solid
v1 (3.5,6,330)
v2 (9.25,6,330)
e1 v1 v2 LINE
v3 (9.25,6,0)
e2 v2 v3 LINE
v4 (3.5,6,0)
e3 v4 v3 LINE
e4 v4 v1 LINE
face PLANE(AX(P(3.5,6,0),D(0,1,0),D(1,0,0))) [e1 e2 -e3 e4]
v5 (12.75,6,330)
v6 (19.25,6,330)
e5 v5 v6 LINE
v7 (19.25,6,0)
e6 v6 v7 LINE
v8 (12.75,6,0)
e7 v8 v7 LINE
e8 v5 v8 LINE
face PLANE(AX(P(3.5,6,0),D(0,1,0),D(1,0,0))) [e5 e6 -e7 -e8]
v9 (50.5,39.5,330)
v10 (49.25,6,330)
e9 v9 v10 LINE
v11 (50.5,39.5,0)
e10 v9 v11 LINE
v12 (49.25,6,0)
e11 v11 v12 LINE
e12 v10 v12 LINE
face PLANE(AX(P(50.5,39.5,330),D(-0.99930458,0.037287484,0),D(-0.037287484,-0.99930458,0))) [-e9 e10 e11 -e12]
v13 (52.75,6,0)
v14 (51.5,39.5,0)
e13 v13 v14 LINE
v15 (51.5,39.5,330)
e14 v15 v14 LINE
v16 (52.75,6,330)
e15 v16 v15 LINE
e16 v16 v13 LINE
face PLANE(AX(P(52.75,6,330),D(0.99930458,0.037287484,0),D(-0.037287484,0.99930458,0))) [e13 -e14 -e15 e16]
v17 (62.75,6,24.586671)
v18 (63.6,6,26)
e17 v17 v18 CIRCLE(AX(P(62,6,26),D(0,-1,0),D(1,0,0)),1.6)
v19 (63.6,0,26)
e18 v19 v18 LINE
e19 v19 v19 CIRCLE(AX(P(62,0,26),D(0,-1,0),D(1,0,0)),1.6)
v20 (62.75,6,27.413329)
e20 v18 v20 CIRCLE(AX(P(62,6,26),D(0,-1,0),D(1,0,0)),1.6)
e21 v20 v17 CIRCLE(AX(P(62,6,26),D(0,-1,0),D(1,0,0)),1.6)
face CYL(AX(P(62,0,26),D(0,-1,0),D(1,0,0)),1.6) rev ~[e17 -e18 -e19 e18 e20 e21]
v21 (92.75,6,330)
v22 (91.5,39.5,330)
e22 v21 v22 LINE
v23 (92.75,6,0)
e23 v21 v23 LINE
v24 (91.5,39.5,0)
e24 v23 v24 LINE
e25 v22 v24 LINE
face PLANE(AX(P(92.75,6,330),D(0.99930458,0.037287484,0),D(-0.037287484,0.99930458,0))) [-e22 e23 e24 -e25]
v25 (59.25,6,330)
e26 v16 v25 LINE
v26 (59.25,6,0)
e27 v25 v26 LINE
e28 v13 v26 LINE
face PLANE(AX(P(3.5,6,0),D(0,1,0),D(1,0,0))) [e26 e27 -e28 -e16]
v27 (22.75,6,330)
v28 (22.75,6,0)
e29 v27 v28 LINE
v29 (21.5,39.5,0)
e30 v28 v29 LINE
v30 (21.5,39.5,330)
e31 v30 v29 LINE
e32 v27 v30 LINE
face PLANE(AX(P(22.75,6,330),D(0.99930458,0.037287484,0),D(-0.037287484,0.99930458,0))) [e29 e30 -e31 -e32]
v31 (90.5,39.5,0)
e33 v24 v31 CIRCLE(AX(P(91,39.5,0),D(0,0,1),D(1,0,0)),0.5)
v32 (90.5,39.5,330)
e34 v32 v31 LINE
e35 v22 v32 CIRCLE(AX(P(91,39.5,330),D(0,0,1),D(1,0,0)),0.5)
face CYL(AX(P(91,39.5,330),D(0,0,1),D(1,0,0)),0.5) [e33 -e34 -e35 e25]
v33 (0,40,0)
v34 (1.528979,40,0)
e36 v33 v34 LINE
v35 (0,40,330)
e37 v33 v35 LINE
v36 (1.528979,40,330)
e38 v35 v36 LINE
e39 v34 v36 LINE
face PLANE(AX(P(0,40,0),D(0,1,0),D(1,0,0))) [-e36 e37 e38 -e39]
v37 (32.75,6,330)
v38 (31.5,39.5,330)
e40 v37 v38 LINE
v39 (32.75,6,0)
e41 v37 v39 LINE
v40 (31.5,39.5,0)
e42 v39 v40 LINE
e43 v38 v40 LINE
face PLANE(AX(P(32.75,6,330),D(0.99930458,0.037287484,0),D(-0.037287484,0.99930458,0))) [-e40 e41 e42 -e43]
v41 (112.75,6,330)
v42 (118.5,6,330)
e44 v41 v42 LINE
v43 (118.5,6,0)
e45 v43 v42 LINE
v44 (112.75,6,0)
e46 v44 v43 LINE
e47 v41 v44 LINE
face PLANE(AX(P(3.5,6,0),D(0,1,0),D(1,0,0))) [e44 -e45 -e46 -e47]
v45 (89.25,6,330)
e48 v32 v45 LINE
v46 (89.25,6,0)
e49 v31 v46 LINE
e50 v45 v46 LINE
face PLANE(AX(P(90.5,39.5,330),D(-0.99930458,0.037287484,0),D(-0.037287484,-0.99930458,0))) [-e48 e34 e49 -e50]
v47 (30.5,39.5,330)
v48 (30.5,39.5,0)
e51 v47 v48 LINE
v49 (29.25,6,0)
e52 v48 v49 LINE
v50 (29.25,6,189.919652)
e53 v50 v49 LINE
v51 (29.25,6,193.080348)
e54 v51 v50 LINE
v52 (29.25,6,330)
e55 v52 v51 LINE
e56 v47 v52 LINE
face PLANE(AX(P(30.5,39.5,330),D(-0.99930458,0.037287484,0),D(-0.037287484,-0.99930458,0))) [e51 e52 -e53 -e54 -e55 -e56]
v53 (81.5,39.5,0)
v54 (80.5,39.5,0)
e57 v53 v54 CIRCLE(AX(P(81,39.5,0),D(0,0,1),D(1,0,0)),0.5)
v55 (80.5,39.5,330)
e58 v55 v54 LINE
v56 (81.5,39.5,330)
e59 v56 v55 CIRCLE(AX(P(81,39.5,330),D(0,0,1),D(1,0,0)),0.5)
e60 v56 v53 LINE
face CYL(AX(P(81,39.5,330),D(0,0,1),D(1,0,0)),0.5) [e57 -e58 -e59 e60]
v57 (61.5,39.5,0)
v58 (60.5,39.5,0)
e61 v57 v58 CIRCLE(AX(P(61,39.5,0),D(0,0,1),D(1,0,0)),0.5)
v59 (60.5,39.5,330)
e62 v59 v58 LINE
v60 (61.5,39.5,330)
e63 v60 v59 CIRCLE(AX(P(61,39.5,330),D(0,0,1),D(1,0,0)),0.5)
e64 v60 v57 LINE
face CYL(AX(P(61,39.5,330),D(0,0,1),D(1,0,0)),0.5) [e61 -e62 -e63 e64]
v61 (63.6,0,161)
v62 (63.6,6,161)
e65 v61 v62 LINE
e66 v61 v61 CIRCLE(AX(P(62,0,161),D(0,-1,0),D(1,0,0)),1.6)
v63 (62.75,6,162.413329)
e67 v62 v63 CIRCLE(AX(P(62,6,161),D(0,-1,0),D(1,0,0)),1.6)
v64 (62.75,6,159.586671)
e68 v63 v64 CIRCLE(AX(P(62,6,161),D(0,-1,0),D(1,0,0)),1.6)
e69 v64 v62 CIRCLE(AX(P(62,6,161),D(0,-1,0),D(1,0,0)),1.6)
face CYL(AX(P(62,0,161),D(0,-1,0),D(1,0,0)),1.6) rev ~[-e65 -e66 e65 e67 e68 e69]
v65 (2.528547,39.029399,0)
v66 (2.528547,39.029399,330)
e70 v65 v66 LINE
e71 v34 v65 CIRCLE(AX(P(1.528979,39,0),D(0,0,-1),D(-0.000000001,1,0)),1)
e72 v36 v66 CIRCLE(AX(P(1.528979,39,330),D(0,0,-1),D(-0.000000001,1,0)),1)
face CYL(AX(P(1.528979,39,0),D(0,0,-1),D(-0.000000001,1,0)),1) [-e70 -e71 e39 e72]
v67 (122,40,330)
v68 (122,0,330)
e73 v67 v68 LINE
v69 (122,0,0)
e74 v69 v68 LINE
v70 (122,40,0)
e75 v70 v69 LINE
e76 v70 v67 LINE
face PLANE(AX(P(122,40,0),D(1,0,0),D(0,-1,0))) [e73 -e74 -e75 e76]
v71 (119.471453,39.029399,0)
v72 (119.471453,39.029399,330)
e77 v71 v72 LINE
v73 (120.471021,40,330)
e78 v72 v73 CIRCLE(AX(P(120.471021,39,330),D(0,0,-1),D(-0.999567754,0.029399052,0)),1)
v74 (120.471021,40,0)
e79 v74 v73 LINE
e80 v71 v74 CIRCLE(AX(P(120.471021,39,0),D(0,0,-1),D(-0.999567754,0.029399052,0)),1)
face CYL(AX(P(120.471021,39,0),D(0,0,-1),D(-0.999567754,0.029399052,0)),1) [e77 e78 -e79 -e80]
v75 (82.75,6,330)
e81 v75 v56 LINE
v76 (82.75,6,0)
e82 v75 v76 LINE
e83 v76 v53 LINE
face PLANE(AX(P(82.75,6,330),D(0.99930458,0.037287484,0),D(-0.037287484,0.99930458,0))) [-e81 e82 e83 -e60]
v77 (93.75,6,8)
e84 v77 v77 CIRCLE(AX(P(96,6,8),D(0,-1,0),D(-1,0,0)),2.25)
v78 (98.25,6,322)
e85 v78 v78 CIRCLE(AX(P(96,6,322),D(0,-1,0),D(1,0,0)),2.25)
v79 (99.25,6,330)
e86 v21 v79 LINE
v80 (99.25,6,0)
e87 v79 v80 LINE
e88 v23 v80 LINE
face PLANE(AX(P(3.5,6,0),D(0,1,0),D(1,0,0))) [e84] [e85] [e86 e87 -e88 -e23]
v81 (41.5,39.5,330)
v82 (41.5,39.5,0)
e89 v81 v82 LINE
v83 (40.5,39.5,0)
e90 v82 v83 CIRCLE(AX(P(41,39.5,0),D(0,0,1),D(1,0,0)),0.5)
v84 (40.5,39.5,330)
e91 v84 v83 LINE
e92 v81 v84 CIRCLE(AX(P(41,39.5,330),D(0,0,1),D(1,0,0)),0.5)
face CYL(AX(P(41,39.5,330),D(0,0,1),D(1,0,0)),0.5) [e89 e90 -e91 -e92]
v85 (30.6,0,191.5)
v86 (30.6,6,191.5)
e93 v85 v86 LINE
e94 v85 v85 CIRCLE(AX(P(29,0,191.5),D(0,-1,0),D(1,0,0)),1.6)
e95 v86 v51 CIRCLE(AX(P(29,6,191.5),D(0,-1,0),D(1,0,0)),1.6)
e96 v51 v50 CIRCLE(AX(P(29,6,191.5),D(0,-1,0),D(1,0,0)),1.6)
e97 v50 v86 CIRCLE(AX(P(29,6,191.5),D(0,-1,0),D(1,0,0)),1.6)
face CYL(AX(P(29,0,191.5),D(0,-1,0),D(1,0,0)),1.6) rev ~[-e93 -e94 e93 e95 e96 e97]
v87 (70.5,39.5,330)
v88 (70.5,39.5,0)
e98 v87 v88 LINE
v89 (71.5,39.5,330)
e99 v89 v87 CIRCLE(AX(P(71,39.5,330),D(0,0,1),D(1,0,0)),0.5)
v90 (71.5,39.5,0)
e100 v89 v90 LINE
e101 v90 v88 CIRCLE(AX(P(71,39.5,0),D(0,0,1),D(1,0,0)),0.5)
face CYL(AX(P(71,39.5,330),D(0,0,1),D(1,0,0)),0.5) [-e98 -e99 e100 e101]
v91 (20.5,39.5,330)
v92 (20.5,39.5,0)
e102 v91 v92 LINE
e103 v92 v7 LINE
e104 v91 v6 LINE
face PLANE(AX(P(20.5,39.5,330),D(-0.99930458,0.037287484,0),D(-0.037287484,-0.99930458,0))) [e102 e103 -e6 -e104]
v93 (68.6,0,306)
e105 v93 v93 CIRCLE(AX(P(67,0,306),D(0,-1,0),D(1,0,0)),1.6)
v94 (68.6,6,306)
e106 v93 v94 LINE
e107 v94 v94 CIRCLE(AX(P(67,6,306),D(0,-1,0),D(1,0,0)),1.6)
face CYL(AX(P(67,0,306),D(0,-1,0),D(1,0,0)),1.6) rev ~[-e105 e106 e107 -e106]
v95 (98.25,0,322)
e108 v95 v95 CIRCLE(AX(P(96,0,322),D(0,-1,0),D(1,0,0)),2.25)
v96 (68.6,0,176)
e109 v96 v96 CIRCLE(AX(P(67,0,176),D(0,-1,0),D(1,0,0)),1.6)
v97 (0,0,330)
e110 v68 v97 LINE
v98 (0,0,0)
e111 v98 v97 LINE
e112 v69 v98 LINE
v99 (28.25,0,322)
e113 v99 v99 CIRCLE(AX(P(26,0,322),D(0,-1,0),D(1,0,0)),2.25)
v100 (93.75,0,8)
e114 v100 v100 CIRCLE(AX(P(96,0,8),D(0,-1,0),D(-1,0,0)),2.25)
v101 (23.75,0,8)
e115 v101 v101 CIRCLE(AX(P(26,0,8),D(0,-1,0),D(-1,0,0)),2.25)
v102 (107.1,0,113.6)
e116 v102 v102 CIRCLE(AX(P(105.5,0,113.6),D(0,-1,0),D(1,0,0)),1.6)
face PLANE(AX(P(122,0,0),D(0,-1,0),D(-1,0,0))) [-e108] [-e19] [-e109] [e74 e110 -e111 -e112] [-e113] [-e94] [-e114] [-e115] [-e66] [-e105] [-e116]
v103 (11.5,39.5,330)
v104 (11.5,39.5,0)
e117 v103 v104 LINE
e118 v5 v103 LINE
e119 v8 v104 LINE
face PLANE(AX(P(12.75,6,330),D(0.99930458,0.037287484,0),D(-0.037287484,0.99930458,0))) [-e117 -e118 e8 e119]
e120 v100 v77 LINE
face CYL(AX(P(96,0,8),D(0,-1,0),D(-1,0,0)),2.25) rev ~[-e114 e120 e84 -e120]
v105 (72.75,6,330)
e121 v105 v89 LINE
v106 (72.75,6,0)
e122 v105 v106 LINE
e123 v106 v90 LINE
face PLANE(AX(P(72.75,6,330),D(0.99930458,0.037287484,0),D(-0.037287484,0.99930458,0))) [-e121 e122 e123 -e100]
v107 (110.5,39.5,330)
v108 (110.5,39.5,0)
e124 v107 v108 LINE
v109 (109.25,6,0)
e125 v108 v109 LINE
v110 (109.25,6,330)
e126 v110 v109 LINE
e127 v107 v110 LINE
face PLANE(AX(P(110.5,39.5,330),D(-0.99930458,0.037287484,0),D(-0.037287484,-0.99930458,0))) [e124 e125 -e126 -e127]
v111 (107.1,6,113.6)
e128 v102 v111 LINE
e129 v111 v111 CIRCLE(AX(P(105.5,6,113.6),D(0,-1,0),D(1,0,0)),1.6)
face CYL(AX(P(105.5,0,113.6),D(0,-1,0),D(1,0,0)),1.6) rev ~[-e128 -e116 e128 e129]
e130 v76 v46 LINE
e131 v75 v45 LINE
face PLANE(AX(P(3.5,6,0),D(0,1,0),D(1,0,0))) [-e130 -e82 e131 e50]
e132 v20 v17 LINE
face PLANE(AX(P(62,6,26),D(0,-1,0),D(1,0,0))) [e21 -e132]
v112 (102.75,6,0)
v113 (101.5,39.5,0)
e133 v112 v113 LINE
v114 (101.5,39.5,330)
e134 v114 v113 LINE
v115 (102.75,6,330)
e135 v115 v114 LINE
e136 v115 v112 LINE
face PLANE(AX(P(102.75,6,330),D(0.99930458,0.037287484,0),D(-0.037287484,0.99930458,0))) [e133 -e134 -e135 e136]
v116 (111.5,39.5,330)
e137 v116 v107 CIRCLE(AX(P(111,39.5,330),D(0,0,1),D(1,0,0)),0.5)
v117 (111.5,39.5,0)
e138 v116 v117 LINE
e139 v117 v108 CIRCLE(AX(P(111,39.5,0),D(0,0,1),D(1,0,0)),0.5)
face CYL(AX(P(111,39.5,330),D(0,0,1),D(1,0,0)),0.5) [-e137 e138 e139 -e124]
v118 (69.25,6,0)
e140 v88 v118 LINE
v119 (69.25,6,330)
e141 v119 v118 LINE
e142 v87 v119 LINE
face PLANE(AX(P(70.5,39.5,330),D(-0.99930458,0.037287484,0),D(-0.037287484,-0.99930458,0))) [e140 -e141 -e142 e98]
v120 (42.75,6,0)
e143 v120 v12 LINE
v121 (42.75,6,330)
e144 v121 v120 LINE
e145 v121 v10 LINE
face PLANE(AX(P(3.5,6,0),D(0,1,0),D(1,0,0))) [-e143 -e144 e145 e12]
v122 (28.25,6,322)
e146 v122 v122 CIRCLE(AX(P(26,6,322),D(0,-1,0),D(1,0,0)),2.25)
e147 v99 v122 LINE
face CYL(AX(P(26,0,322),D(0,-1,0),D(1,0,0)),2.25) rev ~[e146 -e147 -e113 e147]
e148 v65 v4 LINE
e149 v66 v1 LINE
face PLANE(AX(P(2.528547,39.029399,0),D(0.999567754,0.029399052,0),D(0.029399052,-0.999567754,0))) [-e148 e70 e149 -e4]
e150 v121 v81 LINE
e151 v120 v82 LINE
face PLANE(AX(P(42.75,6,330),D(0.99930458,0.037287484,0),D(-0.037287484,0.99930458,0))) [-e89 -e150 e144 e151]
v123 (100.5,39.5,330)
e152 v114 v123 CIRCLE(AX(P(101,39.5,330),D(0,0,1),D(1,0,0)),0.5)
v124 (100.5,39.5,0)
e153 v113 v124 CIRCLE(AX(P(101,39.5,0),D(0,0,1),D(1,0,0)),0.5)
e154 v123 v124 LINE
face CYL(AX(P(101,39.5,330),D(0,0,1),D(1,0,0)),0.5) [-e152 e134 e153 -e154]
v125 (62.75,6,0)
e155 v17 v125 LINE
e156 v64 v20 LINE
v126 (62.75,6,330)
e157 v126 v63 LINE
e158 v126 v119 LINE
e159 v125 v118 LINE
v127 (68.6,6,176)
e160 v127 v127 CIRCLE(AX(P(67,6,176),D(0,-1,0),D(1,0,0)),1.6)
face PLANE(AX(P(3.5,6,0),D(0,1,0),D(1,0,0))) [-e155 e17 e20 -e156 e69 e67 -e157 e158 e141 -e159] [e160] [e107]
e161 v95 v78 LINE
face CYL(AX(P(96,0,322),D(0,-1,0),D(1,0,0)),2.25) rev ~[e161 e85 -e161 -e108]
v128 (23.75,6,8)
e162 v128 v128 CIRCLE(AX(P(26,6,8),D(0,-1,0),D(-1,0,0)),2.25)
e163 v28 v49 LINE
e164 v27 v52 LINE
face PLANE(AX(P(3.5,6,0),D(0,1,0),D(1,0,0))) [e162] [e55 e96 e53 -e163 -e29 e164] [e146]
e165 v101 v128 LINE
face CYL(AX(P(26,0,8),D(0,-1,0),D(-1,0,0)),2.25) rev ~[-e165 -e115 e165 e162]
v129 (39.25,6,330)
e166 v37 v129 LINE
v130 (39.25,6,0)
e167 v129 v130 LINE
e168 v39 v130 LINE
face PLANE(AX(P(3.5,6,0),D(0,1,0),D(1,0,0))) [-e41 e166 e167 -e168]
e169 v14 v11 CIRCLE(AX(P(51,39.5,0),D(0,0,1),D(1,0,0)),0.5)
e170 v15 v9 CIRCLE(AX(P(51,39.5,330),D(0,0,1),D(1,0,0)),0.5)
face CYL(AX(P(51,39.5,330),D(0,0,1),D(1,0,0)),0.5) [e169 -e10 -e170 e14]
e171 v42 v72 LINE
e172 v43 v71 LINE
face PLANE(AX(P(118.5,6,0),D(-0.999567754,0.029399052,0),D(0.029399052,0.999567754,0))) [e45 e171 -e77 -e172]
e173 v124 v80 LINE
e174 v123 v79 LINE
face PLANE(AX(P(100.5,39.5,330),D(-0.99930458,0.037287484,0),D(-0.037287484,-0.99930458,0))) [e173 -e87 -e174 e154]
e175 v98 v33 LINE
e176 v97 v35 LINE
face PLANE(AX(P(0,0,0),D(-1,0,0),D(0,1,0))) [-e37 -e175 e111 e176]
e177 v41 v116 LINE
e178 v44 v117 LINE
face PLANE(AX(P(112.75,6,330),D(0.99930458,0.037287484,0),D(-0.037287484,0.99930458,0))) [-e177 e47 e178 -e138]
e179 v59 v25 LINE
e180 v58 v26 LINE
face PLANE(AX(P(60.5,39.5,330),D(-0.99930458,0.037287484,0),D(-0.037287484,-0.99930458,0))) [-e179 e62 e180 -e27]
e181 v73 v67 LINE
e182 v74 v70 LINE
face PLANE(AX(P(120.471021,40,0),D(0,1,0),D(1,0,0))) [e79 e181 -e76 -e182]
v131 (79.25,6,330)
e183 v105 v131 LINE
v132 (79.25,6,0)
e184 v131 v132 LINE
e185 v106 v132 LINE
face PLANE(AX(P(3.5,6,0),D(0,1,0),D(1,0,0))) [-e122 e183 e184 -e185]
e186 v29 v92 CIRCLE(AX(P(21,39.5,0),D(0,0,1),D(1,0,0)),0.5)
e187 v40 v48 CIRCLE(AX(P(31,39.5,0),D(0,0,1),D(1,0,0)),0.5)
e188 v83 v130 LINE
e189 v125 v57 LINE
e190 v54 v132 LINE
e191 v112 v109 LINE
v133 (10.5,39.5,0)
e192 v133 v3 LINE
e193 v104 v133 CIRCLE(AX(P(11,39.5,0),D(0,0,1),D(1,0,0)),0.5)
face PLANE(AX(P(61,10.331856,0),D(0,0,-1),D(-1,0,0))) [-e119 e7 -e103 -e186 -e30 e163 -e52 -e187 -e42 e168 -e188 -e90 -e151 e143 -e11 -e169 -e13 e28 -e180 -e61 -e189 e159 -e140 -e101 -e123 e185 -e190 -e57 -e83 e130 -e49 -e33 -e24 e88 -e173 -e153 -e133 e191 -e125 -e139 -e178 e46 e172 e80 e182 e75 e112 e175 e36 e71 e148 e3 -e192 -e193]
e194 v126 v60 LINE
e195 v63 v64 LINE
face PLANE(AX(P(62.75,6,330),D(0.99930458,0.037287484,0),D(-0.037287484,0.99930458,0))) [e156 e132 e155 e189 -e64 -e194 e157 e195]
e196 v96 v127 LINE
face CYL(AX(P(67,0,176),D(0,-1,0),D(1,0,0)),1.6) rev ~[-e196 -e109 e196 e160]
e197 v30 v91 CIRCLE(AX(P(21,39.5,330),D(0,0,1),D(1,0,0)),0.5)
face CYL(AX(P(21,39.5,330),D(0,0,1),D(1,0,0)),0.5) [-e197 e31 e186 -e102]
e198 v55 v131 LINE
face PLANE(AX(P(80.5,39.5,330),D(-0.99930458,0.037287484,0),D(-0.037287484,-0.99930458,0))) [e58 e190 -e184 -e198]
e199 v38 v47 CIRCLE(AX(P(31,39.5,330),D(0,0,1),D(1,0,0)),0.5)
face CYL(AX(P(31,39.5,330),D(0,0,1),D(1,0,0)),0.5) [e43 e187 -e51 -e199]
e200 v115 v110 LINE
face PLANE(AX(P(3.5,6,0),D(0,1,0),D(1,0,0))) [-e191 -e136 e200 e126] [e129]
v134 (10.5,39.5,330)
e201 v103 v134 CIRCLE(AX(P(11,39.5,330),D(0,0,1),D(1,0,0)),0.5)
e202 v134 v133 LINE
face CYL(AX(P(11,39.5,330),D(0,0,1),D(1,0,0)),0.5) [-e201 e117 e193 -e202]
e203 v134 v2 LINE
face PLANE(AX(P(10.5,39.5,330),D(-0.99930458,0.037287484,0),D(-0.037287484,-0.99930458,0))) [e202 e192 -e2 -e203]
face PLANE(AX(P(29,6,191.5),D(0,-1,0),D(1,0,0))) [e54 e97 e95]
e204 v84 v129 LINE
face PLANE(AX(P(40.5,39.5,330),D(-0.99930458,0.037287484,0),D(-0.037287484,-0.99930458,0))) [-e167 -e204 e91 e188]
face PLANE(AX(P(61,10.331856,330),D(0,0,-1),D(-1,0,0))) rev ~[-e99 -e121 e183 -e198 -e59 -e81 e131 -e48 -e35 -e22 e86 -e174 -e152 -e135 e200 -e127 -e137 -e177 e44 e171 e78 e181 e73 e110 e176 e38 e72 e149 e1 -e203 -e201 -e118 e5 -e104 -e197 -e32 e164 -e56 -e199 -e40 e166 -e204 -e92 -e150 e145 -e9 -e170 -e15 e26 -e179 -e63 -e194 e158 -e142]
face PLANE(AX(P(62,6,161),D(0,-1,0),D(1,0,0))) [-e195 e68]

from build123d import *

# Parameters (mm, degrees)
EXTRUDE_1_DEPTH       = 330
EXTRUDE_3_DEPTH       = 330
PATTERN_CURVE_1_COUNT = 11
PATTERN_CURVE_1_PITCH = 10
SKETCH_3_R            = 2.25
CUT_EXTRUDE_1_DEPTH   = 6
SKETCH_4_R            = 1.6
CUT_EXTRUDE_2_DEPTH   = 6


with BuildPart() as part:
    # Эскиз1 → Вытянуть1 (new body)
    with BuildSketch(Plane.XY):
        with BuildLine():
            Line((0, 40), (1.528979332, 40))
            ThreePointArc((1.528979332, 40), (2.225614441, 39.717425624), (2.528547087, 39.029399052))
            Line((2.528547087, 39.029399052), (3.5, 6))
            Line((3.5, 6), (118.5, 6))
            Line((118.5, 6), (119.471452913, 39.029399052))
            ThreePointArc((119.471452913, 39.029399052), (119.774385559, 39.717425624), (120.471020668, 40))
            Line((120.471020668, 40), (122, 40))
            Line((122, 40), (122, 0))
            Line((122, 0), (0, 0))
            Line((0, 0), (0, 40))
        make_face()
    extrude(amount=EXTRUDE_1_DEPTH)

    # Эскиз2 → Вытянуть3 (add)
    with BuildSketch(Plane.XY.offset(330)):
        with BuildLine():
            Line((10.5, 39.5), (9.25, 6))
            Line((9.25, 6), (12.75, 6))
            Line((12.75, 6), (11.5, 39.5))
            ThreePointArc((11.5, 39.5), (11, 40), (10.5, 39.5))
        make_face()
    extrude_3 = extrude(amount=-EXTRUDE_3_DEPTH)

    # Кривая1: Вытянуть3 ×11
    with Locations(*[(i * PATTERN_CURVE_1_PITCH, 0, 0) for i in range(1, PATTERN_CURVE_1_COUNT)]):
        add(extrude_3)

    # Эскиз3 → Вырез-Вытянуть1 (cut)
    with BuildSketch(Plane.XZ):
        with Locations((26, 322)):
            Circle(SKETCH_3_R)
        with Locations((96, 322)):
            Circle(SKETCH_3_R)
        with Locations(Location((96, 8, 0), (0, 0, 180))):
            Circle(SKETCH_3_R)
        with Locations(Location((26, 8, 0), (0, 0, 180))):
            Circle(SKETCH_3_R)
    extrude(amount=-CUT_EXTRUDE_1_DEPTH, mode=Mode.SUBTRACT)

    # Эскиз4 → Вырез-Вытянуть2 (cut)
    with BuildSketch(Plane(origin=(147.933613103, 0, 237.946321054), x_dir=(-1, 0, 0), z_dir=(0, -1, 0))):
        with Locations(Location((80.933613103, -68.053678946, 0), (0, 0, 180))):
            Circle(SKETCH_4_R)
        with Locations(Location((42.433613103, 124.346321054, 0), (0, 0, 180))):
            Circle(SKETCH_4_R)
        with Locations(Location((85.933613103, 211.946321054, 0), (0, 0, 180))):
            Circle(SKETCH_4_R)
        with Locations(Location((85.933613103, 76.946321054, 0), (0, 0, 180))):
            Circle(SKETCH_4_R)
        with Locations(Location((80.933613103, 61.946321054, 0), (0, 0, 180))):
            Circle(SKETCH_4_R)
        with Locations(Location((118.933613103, 46.446321054, 0), (0, 0, 180))):
            Circle(SKETCH_4_R)
    extrude(amount=-CUT_EXTRUDE_2_DEPTH, mode=Mode.SUBTRACT)


solid = part.part
